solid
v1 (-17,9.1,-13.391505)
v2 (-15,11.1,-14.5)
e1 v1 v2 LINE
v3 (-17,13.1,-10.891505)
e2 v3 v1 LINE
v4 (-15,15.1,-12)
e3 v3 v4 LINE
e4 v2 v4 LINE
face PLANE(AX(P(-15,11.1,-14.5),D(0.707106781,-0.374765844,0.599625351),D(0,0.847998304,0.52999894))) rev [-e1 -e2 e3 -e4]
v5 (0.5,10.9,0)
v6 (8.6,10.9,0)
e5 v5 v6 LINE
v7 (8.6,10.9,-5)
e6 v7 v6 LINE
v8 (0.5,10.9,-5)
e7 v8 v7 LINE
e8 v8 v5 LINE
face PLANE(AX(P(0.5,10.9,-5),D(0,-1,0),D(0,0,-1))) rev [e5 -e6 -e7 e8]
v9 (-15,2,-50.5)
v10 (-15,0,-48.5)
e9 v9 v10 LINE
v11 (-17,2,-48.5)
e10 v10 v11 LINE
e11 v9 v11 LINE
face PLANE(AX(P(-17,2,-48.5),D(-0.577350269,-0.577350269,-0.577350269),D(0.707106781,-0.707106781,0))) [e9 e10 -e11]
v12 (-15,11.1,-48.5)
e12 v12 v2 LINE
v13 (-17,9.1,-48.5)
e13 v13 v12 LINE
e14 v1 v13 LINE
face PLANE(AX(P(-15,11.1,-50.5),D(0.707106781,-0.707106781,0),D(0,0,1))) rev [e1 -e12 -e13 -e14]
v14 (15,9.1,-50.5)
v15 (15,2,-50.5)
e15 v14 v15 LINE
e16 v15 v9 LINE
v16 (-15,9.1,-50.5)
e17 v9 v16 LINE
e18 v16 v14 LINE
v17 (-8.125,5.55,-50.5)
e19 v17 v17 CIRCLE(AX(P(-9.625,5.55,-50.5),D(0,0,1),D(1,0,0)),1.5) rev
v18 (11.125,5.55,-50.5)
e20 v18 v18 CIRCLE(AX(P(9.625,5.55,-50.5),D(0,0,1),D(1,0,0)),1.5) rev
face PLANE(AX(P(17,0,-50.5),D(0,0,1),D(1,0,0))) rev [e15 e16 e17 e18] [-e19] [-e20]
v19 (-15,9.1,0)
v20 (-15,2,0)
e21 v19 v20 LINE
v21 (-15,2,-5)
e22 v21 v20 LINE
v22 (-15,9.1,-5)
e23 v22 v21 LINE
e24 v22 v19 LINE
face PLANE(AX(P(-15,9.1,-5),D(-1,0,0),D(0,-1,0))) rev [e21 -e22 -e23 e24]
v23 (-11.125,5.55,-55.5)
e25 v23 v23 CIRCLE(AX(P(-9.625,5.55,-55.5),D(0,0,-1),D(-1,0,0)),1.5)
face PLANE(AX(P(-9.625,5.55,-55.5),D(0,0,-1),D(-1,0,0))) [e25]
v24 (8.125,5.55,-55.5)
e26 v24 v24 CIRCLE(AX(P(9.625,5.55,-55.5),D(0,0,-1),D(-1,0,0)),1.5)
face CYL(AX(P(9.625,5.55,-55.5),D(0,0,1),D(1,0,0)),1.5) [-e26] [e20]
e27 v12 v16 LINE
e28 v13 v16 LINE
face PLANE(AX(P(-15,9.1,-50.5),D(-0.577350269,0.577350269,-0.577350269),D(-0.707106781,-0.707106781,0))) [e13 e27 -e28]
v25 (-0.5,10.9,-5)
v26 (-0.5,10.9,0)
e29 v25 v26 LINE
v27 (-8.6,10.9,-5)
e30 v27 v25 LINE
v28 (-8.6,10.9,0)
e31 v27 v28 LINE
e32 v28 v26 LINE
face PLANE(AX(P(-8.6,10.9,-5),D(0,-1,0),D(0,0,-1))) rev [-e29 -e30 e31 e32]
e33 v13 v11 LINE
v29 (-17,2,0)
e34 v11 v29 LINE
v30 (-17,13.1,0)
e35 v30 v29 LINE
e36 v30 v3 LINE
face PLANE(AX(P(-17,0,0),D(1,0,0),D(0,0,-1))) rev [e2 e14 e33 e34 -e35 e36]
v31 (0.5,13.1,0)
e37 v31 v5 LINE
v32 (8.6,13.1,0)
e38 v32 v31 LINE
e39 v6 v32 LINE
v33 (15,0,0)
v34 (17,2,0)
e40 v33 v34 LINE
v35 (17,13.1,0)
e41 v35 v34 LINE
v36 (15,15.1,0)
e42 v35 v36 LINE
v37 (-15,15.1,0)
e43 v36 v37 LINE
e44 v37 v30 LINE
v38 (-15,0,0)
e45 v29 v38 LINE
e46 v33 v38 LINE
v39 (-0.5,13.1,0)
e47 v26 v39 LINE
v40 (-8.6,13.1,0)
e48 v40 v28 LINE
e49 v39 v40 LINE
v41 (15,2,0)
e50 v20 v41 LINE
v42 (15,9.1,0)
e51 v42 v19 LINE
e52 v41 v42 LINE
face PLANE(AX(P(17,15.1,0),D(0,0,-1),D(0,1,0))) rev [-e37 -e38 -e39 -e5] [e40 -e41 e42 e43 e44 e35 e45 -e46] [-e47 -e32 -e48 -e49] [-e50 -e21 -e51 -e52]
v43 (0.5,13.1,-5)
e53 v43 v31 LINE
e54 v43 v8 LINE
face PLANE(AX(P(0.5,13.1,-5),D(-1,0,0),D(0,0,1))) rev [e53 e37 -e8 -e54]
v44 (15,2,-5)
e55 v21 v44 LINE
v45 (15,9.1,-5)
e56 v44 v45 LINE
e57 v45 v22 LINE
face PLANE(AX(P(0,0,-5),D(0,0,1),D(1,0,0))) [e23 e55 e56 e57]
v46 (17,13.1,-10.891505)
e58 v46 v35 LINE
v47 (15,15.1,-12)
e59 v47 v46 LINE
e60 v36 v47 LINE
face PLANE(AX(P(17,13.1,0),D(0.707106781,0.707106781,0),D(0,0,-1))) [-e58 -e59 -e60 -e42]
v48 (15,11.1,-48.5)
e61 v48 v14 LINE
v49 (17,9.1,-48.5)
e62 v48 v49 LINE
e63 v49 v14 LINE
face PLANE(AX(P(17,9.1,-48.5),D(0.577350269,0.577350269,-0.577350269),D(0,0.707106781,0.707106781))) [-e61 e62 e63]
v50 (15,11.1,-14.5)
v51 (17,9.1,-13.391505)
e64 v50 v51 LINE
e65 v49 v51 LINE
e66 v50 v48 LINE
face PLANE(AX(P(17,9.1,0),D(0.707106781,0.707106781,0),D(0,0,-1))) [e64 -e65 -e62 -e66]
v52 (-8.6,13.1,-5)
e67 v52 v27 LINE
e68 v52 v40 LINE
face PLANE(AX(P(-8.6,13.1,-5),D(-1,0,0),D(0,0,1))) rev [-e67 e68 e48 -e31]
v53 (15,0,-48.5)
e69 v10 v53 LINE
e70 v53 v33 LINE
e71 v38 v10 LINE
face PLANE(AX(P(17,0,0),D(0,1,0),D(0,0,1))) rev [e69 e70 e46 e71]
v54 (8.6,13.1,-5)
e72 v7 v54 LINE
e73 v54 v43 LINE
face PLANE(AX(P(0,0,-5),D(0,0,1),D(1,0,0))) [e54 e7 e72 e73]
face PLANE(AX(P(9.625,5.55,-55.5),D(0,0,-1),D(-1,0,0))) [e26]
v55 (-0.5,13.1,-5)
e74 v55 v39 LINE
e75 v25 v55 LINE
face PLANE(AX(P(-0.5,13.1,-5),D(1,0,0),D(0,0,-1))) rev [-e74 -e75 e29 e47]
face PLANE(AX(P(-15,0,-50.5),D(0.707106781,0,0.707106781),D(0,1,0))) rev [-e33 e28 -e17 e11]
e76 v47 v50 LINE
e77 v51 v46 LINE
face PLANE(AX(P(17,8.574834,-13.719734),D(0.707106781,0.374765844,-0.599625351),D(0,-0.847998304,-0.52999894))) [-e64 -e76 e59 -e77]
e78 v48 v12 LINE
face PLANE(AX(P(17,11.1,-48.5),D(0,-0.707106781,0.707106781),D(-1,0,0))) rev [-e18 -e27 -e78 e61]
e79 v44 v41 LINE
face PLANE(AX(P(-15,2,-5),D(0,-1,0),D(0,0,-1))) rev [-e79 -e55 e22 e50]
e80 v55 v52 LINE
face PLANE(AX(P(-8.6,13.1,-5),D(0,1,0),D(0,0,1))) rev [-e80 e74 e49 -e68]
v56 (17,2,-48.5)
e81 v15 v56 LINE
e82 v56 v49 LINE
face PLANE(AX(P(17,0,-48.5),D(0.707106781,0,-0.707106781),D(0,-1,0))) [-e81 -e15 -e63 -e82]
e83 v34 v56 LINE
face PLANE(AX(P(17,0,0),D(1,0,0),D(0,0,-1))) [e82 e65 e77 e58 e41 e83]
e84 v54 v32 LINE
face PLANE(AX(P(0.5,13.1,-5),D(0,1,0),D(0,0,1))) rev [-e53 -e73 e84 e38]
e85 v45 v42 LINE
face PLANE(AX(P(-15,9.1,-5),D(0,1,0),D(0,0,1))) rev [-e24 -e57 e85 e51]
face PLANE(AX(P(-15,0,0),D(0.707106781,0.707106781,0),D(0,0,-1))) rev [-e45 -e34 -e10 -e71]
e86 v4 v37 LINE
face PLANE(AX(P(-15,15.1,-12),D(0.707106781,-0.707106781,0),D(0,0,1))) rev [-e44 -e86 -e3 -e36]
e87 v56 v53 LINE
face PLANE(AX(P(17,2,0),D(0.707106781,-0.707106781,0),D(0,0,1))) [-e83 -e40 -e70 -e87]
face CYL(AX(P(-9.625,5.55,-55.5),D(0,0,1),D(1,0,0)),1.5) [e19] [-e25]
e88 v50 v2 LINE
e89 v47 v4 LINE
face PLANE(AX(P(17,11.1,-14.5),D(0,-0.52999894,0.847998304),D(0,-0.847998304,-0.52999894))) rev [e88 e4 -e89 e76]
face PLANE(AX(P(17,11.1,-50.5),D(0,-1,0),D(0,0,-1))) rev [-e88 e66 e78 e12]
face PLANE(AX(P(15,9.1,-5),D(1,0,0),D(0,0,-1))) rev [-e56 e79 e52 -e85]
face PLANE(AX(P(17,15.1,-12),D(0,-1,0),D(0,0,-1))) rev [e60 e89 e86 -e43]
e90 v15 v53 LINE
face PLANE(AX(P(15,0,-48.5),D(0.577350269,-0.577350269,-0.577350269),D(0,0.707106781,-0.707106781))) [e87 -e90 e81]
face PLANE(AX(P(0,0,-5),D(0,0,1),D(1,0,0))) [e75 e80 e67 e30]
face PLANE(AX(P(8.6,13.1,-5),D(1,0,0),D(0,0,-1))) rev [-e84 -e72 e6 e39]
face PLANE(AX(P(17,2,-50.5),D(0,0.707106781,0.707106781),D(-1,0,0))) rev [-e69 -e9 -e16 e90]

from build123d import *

# Parameters (mm, degrees)
BOSS_EXTRUDE1_DEPTH = 17
SKETCH2_R           = 1.5
BOSS_EXTRUDE2_DEPTH = 5
SKETCH3_W           = 30
SKETCH3_H           = 7.1
SKETCH3_W_2         = 8.1
SKETCH3_H_2         = 2.2
CUT_EXTRUDE1_DEPTH  = 5
CHAMFER1_SIZE       = 2


with BuildPart() as part:
    # Sketch1 → Boss-Extrude1 (new, symmetric)
    with BuildSketch(Plane(origin=(0, 0, 0), x_dir=(0, 0, -1), z_dir=(1, 0, 0))):
        Polygon((0, 0), (50.5, 0), (50.5, 11.1), (14.5, 11.1), (12, 15.1), (0, 15.1), align=None)
    extrude(amount=BOSS_EXTRUDE1_DEPTH, both=True)

    # Sketch2 → Boss-Extrude2 (add)
    with BuildSketch(Plane(origin=(0, 0, -50.5), x_dir=(-1, 0, 0), z_dir=(0, 0, -1))):
        with Locations(Location((9.625, 5.55, 0), (0, 0, 180))):
            Circle(SKETCH2_R)
        with Locations(Location((-9.625, 5.55, 0), (0, 0, 180))):
            Circle(SKETCH2_R)
    extrude(amount=BOSS_EXTRUDE2_DEPTH)

    # Sketch3 → Cut-Extrude1 (cut)
    with BuildSketch(Plane.XY):
        with Locations((0, 5.55)):
            Rectangle(SKETCH3_W, SKETCH3_H)
        with Locations((-4.55, 12)):
            Rectangle(SKETCH3_W_2, SKETCH3_H_2)
        with Locations((4.55, 12)):
            Rectangle(SKETCH3_W_2, SKETCH3_H_2)
    extrude(amount=-CUT_EXTRUDE1_DEPTH, mode=Mode.SUBTRACT)

    # Chamfer1
    chamfer1_edges = [part.edges().sort_by_distance(p)[0] for p in [
        (0, 11.1, -50.5),
        (0, 0, -50.5),
        (17, 5.55, -50.5),
        (17, 11.1, -32.5),
        (17, 13.1, -13.25),
        (17, 15.1, -6),
        (-17, 15.1, -6),
        (-17, 13.1, -13.25),
        (-17, 11.1, -32.5),
        (-17, 5.55, -50.5),
        (-17, 0, -25.25),
        (17, 0, -25.25),
    ]]
    chamfer(chamfer1_edges, length=CHAMFER1_SIZE)


solid = part.part
